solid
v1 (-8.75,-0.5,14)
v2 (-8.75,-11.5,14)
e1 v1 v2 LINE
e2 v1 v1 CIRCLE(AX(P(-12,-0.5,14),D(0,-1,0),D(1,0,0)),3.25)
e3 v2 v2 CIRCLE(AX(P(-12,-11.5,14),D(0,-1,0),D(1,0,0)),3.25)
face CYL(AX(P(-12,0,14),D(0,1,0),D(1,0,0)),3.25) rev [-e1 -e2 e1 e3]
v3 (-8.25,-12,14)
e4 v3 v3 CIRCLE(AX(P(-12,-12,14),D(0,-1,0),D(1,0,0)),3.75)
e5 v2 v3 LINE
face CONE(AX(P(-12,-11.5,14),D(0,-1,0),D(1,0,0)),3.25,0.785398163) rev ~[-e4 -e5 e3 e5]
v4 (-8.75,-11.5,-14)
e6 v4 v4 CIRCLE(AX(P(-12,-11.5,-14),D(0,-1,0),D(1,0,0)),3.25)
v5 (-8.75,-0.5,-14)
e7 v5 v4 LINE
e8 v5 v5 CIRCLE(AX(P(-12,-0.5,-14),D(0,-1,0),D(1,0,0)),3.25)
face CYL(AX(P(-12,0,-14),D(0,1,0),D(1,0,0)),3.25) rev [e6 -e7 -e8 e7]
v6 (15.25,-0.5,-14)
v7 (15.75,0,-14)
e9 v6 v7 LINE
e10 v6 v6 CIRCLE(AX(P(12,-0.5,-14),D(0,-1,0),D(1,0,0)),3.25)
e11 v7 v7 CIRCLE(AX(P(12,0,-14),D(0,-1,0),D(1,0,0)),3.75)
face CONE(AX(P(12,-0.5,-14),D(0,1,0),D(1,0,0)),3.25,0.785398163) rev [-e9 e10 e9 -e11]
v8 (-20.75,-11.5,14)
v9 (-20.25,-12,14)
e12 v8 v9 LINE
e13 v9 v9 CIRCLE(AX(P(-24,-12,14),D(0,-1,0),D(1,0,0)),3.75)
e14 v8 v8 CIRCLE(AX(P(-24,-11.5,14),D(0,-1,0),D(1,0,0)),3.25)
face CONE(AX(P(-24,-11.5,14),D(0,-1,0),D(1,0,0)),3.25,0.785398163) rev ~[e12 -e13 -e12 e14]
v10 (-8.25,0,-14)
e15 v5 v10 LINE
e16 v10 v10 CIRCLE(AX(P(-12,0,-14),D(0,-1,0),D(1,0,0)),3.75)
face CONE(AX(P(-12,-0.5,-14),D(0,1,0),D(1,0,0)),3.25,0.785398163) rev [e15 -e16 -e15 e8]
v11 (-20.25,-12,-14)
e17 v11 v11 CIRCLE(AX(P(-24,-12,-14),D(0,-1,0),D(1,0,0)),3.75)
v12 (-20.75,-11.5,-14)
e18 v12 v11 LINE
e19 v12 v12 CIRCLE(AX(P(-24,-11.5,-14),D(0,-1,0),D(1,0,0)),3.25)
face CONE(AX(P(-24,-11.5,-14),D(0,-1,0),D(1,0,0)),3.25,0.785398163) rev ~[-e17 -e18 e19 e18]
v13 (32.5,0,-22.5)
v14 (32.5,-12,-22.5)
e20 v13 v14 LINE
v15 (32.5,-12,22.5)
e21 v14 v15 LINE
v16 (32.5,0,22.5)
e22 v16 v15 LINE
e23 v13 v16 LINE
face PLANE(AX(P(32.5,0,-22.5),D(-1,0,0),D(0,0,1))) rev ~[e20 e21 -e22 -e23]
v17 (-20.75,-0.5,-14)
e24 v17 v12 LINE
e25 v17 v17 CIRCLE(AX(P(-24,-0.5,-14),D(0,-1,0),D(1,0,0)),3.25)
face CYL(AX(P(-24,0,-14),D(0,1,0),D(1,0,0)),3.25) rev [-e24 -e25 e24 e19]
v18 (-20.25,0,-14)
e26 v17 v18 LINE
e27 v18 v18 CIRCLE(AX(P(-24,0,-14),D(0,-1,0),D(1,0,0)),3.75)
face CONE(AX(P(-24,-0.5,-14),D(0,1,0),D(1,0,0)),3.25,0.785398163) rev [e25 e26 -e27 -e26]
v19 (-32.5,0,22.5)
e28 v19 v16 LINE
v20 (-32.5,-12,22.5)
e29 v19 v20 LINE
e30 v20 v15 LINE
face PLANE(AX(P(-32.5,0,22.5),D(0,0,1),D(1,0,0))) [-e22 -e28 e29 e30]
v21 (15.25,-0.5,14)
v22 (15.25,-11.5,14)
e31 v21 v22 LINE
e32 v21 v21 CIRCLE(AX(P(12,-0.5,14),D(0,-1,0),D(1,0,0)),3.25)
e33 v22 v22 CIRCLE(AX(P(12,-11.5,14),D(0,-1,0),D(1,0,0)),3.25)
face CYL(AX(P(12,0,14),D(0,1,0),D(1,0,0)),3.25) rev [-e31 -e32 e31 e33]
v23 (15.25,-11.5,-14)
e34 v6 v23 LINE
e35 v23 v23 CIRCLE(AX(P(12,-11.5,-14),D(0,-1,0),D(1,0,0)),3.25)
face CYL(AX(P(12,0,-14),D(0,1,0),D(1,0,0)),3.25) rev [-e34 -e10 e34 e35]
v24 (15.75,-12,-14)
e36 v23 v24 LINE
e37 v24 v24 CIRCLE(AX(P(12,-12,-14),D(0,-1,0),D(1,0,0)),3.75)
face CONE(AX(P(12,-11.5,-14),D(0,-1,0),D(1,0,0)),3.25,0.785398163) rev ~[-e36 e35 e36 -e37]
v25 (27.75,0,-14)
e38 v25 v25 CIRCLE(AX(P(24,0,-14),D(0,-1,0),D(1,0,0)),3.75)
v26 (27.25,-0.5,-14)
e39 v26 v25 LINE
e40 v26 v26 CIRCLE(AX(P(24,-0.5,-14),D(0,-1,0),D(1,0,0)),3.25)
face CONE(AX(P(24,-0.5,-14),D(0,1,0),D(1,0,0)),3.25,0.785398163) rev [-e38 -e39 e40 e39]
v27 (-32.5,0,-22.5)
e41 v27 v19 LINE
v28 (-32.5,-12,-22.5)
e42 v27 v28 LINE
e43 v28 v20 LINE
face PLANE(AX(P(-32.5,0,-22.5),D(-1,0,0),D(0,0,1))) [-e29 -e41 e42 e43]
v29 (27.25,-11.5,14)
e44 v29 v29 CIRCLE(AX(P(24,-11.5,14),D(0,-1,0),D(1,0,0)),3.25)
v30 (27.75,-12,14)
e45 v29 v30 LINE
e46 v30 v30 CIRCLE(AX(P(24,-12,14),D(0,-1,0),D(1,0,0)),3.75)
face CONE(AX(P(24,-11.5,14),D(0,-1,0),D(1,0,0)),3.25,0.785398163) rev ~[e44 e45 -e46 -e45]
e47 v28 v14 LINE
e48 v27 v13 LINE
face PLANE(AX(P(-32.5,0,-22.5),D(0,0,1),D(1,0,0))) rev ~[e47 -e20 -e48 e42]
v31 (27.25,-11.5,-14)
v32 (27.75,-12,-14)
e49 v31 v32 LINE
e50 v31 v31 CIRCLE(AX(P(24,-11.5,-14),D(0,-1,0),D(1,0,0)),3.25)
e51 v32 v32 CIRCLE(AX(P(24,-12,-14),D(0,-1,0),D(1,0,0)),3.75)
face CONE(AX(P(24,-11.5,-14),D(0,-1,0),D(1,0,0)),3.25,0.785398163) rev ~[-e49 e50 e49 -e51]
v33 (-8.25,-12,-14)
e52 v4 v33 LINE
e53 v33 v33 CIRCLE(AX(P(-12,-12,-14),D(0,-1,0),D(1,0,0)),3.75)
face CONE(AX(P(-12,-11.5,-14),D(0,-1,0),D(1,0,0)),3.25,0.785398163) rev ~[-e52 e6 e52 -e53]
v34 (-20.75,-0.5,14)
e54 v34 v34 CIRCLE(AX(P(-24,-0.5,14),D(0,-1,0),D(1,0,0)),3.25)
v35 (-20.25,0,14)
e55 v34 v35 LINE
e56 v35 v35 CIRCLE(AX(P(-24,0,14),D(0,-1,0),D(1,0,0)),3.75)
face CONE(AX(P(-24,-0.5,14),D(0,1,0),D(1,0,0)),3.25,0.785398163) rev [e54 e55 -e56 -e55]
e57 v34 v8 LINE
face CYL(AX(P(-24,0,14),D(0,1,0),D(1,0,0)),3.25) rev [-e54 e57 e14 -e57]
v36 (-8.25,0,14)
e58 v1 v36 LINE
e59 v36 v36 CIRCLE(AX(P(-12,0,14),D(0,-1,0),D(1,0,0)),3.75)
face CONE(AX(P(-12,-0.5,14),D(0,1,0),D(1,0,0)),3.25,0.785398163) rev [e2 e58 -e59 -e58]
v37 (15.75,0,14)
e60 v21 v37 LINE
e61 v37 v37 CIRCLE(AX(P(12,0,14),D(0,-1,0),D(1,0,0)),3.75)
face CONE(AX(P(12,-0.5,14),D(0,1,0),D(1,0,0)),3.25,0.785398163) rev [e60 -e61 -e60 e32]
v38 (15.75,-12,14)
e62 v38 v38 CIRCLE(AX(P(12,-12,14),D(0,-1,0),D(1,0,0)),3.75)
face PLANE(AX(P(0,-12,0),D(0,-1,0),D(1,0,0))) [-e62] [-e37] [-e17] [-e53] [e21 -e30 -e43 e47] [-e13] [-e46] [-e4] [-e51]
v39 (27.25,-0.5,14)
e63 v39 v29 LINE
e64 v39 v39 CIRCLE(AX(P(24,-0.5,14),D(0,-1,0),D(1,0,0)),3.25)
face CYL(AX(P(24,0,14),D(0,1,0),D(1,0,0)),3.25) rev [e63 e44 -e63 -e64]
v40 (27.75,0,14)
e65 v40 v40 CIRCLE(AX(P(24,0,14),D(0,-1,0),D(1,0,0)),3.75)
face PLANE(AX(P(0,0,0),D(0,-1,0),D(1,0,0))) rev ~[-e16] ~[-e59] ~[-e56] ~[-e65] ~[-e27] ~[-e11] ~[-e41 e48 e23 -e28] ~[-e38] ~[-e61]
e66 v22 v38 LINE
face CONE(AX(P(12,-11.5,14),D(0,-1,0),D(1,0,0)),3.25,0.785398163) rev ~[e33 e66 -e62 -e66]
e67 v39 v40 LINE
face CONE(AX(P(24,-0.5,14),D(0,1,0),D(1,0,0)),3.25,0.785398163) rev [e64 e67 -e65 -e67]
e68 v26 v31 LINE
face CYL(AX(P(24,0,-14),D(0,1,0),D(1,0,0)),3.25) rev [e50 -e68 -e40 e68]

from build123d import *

# Parameters (mm, degrees)
F0_W     = 65
F0_H     = 45
F0_R     = 3.25
F1_DEPTH = 12
F2_SIZE  = 0.5


with BuildPart() as f1:
    # F0 (on Front) → F1 (new body)
    with BuildSketch(Plane.XZ):
        Rectangle(F0_W, F0_H)
        with Locations((-24, -14)):
            Circle(F0_R, mode=Mode.SUBTRACT)
        with Locations((-12, -14)):
            Circle(F0_R, mode=Mode.SUBTRACT)
        with Locations((12, -14)):
            Circle(F0_R, mode=Mode.SUBTRACT)
        with Locations((24, -14)):
            Circle(F0_R, mode=Mode.SUBTRACT)
        with Locations((-24, 14)):
            Circle(F0_R, mode=Mode.SUBTRACT)
        with Locations((-12, 14)):
            Circle(F0_R, mode=Mode.SUBTRACT)
        with Locations((12, 14)):
            Circle(F0_R, mode=Mode.SUBTRACT)
        with Locations((24, 14)):
            Circle(F0_R, mode=Mode.SUBTRACT)
    extrude(amount=F1_DEPTH)

    # F2
    f2_edges = [f1.edges().sort_by_distance(p)[0] for p in [
        (-20.75, -6, 14),
        (-27.25, 0, 14),
        (-27.25, -12, 14),
        (-8.75, -6, 14),
        (-15.25, 0, 14),
        (-15.25, -12, 14),
        (-20.75, -6, -14),
        (-27.25, 0, -14),
        (-27.25, -12, -14),
        (-8.75, -6, -14),
        (-15.25, 0, -14),
        (-15.25, -12, -14),
        (15.25, -6, 14),
        (8.75, 0, 14),
        (8.75, -12, 14),
        (27.25, -6, 14),
        (20.75, 0, 14),
        (20.75, -12, 14),
        (27.25, -6, -14),
        (20.75, 0, -14),
        (20.75, -12, -14),
        (15.25, -6, -14),
        (8.75, 0, -14),
        (8.75, -12, -14),
    ]]
    chamfer(f2_edges, length=F2_SIZE)


solid = f1.part
